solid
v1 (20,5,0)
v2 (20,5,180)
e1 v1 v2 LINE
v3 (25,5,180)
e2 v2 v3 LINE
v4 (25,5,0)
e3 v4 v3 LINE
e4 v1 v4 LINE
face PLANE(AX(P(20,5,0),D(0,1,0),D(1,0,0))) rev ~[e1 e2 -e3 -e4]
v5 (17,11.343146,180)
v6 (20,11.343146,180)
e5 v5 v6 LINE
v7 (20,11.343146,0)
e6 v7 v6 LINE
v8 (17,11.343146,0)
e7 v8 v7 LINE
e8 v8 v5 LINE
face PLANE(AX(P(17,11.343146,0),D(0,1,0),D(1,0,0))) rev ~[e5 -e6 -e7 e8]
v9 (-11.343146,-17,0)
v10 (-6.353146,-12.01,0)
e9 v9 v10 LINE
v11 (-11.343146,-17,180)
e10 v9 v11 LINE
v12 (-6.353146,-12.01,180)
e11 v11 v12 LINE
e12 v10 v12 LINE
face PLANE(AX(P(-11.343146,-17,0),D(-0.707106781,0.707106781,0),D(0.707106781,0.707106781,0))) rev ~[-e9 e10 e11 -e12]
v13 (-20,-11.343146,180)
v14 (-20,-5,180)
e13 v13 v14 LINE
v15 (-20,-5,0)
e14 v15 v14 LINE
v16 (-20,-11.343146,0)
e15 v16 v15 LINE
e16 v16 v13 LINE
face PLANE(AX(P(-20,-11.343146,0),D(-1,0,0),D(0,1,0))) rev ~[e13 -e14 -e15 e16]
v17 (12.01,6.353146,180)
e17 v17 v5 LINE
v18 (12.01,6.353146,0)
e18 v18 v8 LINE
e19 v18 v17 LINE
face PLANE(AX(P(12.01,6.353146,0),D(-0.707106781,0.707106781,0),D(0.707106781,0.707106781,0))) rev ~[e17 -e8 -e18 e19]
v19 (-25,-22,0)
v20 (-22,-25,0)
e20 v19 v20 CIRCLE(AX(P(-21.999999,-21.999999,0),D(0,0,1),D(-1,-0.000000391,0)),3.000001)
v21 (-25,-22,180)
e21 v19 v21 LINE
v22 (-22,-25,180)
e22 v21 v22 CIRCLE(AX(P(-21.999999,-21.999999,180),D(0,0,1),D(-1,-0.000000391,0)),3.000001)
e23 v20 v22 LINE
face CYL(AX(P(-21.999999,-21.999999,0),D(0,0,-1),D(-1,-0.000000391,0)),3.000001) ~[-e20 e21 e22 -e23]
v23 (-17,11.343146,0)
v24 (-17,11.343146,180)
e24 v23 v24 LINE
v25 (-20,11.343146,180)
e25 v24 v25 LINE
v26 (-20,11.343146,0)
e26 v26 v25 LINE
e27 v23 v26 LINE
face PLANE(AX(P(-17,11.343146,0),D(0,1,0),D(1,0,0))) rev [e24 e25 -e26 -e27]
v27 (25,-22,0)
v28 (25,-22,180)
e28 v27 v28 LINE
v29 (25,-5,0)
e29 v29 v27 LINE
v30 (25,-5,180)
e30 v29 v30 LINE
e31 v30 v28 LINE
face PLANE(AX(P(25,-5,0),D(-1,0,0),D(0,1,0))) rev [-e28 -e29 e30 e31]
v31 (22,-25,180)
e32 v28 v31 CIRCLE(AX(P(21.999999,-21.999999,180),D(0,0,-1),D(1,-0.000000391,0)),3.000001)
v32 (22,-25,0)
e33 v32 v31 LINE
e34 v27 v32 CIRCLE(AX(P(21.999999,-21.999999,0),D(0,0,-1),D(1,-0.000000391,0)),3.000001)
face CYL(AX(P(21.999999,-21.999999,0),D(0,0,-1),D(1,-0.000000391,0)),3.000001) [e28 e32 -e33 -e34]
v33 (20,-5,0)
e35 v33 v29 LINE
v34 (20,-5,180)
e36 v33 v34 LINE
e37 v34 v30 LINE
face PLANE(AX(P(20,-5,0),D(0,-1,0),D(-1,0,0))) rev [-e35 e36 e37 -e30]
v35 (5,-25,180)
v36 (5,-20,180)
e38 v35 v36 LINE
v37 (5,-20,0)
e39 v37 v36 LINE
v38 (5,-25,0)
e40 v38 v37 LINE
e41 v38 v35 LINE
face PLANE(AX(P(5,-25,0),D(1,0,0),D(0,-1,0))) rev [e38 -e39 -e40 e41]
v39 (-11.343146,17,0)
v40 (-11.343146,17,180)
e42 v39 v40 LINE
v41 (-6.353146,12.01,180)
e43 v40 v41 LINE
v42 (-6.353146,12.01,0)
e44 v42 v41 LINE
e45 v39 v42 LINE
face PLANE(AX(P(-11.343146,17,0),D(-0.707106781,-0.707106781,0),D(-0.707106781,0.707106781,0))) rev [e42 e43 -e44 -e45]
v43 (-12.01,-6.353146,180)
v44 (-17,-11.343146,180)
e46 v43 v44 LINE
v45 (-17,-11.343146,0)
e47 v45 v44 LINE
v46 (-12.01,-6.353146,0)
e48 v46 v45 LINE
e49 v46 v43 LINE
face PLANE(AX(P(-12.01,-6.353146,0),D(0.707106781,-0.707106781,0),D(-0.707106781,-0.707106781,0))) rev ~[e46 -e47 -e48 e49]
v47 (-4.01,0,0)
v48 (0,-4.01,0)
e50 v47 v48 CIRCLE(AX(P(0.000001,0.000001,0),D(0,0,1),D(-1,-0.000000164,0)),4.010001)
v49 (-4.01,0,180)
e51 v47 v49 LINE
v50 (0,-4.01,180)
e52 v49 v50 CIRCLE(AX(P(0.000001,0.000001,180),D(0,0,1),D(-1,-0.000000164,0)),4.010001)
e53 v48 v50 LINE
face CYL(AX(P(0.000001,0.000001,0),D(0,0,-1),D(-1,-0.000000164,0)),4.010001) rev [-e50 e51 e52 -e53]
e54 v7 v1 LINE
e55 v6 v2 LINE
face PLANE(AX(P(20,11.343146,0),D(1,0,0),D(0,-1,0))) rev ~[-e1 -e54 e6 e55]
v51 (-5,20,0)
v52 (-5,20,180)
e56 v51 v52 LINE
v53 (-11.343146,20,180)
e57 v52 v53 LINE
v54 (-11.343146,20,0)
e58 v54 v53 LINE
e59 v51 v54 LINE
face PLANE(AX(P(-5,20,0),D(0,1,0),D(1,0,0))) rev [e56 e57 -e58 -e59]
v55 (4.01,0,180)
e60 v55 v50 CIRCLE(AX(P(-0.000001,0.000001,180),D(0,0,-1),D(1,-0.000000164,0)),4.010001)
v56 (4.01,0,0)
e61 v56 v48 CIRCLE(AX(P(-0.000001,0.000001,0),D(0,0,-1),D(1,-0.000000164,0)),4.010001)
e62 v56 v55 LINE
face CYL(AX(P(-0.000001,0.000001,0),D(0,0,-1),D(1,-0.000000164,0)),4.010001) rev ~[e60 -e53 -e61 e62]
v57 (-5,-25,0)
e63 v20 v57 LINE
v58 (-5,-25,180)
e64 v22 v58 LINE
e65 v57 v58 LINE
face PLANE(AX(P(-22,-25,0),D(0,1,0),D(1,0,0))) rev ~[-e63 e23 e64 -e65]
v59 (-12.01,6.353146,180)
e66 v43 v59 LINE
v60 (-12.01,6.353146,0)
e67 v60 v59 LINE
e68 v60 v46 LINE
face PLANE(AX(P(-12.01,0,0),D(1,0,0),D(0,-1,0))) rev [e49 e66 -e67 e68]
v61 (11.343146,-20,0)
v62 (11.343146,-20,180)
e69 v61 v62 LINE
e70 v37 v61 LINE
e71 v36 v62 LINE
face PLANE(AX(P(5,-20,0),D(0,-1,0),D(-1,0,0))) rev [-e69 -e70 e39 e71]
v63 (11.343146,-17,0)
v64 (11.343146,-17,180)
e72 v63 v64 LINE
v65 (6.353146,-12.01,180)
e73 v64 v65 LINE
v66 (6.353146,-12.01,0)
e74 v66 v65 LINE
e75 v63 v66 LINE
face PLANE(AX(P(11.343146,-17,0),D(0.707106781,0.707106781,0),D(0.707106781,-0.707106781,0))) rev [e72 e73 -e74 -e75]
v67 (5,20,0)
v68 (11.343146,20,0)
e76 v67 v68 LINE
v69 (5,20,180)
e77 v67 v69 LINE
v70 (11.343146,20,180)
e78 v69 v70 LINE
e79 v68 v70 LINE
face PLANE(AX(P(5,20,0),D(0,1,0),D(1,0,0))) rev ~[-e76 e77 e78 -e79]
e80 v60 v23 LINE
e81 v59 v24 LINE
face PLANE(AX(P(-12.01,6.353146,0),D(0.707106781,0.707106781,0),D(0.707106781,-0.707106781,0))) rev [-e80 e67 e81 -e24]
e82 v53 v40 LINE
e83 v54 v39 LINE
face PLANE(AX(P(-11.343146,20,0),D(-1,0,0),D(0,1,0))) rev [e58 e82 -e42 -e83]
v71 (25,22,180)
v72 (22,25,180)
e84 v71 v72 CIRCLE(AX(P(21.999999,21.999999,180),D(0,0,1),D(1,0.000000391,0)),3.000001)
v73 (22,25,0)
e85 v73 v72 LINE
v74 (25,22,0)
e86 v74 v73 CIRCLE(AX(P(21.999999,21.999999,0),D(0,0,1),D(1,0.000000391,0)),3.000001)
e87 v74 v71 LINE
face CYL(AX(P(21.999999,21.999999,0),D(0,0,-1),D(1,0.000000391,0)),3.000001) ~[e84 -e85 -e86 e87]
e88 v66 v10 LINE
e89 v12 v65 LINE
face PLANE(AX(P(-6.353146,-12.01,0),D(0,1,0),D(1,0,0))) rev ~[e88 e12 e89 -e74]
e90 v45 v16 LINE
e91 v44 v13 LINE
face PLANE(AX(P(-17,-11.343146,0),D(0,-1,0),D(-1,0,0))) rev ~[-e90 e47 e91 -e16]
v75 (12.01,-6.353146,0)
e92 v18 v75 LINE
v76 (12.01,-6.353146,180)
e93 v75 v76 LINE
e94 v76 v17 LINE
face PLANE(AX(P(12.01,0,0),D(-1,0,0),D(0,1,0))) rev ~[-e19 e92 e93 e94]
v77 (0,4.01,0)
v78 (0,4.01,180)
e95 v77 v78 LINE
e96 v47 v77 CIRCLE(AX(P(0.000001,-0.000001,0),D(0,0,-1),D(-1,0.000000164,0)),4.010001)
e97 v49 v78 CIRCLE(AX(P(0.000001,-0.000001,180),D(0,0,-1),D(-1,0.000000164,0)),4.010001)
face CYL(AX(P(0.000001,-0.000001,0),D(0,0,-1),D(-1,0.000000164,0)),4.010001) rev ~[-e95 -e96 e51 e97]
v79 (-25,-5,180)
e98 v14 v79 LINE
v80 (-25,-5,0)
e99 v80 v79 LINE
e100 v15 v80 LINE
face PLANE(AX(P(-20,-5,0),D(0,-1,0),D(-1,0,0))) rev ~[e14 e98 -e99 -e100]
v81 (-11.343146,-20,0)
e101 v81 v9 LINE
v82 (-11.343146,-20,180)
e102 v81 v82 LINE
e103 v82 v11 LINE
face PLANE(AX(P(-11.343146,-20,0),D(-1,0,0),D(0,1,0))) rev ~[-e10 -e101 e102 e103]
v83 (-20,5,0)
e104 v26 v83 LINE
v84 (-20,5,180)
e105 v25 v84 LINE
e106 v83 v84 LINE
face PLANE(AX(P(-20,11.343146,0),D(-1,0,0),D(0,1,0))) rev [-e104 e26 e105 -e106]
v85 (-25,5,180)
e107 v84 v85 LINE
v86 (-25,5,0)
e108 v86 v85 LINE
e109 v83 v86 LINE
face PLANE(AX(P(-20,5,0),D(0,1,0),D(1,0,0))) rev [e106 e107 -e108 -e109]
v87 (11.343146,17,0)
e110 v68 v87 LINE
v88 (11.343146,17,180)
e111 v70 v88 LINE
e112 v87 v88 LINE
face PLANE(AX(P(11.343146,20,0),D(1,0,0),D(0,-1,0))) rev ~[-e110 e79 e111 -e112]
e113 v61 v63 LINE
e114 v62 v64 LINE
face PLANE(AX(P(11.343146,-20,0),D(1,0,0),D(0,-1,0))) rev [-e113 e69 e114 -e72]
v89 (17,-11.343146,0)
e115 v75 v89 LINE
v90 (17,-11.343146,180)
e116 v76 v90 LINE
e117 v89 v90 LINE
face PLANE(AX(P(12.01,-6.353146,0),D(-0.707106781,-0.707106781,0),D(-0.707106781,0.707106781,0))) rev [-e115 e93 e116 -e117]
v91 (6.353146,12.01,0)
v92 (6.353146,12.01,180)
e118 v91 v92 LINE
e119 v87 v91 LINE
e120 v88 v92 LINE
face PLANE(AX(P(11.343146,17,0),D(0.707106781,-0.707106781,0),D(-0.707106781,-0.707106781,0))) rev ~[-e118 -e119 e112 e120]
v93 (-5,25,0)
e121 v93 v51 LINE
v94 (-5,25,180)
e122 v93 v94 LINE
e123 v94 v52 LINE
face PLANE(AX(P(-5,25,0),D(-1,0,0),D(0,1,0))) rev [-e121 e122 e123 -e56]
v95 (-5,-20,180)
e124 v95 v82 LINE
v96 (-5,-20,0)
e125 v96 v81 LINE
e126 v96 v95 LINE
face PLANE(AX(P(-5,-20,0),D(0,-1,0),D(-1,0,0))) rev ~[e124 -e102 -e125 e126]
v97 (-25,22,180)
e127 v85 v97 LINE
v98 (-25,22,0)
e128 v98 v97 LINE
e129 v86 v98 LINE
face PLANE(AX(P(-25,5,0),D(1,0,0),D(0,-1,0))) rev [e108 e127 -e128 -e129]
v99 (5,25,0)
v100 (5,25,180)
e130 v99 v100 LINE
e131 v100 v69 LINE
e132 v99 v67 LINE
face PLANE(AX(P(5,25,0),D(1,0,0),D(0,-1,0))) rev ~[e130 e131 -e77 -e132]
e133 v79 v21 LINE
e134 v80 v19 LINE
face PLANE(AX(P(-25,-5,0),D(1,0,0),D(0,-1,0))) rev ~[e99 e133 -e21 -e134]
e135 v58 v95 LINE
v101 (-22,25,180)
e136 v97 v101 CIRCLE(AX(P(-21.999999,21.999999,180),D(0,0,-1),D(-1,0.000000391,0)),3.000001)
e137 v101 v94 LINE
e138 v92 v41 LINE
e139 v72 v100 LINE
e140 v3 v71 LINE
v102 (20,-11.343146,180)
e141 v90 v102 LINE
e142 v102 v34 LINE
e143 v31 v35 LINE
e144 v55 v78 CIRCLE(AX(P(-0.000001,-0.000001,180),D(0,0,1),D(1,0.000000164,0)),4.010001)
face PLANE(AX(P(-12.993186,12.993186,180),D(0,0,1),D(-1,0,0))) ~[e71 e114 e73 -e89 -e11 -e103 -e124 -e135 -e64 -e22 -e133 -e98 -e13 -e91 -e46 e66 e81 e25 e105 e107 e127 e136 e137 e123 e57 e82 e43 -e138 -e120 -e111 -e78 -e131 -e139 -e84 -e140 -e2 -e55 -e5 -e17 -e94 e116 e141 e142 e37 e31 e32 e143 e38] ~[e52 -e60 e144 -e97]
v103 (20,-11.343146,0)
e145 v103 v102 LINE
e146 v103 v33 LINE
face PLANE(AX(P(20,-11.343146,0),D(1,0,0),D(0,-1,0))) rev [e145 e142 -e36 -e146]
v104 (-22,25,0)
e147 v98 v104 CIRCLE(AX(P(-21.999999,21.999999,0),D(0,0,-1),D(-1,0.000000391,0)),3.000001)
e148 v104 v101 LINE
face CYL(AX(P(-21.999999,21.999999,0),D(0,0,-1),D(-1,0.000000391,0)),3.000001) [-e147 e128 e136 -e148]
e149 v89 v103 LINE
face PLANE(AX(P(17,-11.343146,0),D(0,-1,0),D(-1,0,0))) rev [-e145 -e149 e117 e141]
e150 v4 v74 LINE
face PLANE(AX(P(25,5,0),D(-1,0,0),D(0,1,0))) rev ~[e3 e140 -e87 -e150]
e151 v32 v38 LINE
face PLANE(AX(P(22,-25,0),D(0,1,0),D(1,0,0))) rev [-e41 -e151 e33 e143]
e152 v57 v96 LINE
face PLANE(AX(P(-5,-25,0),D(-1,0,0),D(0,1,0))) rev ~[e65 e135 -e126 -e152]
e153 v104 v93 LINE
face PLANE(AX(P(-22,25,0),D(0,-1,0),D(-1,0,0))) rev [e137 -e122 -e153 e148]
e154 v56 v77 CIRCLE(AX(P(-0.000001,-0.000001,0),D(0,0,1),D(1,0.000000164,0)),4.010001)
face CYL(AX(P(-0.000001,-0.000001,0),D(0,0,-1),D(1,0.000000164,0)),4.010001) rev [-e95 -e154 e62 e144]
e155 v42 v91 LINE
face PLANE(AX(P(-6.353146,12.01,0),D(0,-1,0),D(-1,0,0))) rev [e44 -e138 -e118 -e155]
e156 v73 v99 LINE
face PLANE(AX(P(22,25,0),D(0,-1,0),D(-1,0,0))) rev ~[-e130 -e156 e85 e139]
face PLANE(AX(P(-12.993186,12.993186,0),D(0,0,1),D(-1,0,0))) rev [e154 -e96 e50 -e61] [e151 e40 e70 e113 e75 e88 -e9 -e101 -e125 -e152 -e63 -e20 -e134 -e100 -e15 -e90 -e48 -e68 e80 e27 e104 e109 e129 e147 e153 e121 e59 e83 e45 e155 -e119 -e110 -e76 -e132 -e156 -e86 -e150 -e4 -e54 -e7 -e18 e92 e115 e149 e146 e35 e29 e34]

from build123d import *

# Parameters (mm, degrees)
PAD_DEPTH = 180


with BuildPart() as pad:
    # Sketch → Pad (new body)
    with BuildSketch(Plane.XY):
        with BuildLine():
            Line((-4.01, 0), (-12.01, 0))
            Line((-12.01, 0), (-12.01, -6.353146))
            Line((-12.01, -6.353146), (-17, -11.343146))
            Line((-17, -11.343146), (-20, -11.343146))
            Line((-20, -11.343146), (-20, -5))
            Line((-20, -5), (-25, -5))
            Line((-25, -5), (-25, -22))
            ThreePointArc((-25, -22), (-24.12132, -24.12132), (-22, -25))
            Line((-22, -25), (-5, -25))
            Line((-5, -25), (-5, -20))
            Line((-5, -20), (-11.343146, -20))
            Line((-11.343146, -20), (-11.343146, -17))
            Line((-11.343146, -17), (-6.353146, -12.01))
            Line((-6.353146, -12.01), (0, -12.01))
            Line((0, -12.01), (0, -4.01))
            ThreePointArc((-4.01, 0), (-2.835498, -2.835498), (0, -4.01))
        make_face()
    extrude(amount=PAD_DEPTH)


with BuildPart() as part_mirroring:
    # Part__Mirroring: instance of Pad
    add(pad.part.mirror(Plane(origin=(0, 0, 0), x_dir=(1, 0, 0), z_dir=(0, 1, 0))))


with BuildPart() as fusion:
    # Fusion base: copy of Pad
    add(pad.part)

    # Fusion: union Part__Mirroring
    add(part_mirroring.part)


with BuildPart() as perfil_alum_5cmx5cm:
    # Part__Mirroring001: instance of Fusion
    add(fusion.part.mirror(Plane(origin=(0, 0, 0), x_dir=(0, -1, 0), z_dir=(1, 0, 0))))

    # Fusion001: union Fusion
    add(fusion.part)


solid = perfil_alum_5cmx5cm.part
